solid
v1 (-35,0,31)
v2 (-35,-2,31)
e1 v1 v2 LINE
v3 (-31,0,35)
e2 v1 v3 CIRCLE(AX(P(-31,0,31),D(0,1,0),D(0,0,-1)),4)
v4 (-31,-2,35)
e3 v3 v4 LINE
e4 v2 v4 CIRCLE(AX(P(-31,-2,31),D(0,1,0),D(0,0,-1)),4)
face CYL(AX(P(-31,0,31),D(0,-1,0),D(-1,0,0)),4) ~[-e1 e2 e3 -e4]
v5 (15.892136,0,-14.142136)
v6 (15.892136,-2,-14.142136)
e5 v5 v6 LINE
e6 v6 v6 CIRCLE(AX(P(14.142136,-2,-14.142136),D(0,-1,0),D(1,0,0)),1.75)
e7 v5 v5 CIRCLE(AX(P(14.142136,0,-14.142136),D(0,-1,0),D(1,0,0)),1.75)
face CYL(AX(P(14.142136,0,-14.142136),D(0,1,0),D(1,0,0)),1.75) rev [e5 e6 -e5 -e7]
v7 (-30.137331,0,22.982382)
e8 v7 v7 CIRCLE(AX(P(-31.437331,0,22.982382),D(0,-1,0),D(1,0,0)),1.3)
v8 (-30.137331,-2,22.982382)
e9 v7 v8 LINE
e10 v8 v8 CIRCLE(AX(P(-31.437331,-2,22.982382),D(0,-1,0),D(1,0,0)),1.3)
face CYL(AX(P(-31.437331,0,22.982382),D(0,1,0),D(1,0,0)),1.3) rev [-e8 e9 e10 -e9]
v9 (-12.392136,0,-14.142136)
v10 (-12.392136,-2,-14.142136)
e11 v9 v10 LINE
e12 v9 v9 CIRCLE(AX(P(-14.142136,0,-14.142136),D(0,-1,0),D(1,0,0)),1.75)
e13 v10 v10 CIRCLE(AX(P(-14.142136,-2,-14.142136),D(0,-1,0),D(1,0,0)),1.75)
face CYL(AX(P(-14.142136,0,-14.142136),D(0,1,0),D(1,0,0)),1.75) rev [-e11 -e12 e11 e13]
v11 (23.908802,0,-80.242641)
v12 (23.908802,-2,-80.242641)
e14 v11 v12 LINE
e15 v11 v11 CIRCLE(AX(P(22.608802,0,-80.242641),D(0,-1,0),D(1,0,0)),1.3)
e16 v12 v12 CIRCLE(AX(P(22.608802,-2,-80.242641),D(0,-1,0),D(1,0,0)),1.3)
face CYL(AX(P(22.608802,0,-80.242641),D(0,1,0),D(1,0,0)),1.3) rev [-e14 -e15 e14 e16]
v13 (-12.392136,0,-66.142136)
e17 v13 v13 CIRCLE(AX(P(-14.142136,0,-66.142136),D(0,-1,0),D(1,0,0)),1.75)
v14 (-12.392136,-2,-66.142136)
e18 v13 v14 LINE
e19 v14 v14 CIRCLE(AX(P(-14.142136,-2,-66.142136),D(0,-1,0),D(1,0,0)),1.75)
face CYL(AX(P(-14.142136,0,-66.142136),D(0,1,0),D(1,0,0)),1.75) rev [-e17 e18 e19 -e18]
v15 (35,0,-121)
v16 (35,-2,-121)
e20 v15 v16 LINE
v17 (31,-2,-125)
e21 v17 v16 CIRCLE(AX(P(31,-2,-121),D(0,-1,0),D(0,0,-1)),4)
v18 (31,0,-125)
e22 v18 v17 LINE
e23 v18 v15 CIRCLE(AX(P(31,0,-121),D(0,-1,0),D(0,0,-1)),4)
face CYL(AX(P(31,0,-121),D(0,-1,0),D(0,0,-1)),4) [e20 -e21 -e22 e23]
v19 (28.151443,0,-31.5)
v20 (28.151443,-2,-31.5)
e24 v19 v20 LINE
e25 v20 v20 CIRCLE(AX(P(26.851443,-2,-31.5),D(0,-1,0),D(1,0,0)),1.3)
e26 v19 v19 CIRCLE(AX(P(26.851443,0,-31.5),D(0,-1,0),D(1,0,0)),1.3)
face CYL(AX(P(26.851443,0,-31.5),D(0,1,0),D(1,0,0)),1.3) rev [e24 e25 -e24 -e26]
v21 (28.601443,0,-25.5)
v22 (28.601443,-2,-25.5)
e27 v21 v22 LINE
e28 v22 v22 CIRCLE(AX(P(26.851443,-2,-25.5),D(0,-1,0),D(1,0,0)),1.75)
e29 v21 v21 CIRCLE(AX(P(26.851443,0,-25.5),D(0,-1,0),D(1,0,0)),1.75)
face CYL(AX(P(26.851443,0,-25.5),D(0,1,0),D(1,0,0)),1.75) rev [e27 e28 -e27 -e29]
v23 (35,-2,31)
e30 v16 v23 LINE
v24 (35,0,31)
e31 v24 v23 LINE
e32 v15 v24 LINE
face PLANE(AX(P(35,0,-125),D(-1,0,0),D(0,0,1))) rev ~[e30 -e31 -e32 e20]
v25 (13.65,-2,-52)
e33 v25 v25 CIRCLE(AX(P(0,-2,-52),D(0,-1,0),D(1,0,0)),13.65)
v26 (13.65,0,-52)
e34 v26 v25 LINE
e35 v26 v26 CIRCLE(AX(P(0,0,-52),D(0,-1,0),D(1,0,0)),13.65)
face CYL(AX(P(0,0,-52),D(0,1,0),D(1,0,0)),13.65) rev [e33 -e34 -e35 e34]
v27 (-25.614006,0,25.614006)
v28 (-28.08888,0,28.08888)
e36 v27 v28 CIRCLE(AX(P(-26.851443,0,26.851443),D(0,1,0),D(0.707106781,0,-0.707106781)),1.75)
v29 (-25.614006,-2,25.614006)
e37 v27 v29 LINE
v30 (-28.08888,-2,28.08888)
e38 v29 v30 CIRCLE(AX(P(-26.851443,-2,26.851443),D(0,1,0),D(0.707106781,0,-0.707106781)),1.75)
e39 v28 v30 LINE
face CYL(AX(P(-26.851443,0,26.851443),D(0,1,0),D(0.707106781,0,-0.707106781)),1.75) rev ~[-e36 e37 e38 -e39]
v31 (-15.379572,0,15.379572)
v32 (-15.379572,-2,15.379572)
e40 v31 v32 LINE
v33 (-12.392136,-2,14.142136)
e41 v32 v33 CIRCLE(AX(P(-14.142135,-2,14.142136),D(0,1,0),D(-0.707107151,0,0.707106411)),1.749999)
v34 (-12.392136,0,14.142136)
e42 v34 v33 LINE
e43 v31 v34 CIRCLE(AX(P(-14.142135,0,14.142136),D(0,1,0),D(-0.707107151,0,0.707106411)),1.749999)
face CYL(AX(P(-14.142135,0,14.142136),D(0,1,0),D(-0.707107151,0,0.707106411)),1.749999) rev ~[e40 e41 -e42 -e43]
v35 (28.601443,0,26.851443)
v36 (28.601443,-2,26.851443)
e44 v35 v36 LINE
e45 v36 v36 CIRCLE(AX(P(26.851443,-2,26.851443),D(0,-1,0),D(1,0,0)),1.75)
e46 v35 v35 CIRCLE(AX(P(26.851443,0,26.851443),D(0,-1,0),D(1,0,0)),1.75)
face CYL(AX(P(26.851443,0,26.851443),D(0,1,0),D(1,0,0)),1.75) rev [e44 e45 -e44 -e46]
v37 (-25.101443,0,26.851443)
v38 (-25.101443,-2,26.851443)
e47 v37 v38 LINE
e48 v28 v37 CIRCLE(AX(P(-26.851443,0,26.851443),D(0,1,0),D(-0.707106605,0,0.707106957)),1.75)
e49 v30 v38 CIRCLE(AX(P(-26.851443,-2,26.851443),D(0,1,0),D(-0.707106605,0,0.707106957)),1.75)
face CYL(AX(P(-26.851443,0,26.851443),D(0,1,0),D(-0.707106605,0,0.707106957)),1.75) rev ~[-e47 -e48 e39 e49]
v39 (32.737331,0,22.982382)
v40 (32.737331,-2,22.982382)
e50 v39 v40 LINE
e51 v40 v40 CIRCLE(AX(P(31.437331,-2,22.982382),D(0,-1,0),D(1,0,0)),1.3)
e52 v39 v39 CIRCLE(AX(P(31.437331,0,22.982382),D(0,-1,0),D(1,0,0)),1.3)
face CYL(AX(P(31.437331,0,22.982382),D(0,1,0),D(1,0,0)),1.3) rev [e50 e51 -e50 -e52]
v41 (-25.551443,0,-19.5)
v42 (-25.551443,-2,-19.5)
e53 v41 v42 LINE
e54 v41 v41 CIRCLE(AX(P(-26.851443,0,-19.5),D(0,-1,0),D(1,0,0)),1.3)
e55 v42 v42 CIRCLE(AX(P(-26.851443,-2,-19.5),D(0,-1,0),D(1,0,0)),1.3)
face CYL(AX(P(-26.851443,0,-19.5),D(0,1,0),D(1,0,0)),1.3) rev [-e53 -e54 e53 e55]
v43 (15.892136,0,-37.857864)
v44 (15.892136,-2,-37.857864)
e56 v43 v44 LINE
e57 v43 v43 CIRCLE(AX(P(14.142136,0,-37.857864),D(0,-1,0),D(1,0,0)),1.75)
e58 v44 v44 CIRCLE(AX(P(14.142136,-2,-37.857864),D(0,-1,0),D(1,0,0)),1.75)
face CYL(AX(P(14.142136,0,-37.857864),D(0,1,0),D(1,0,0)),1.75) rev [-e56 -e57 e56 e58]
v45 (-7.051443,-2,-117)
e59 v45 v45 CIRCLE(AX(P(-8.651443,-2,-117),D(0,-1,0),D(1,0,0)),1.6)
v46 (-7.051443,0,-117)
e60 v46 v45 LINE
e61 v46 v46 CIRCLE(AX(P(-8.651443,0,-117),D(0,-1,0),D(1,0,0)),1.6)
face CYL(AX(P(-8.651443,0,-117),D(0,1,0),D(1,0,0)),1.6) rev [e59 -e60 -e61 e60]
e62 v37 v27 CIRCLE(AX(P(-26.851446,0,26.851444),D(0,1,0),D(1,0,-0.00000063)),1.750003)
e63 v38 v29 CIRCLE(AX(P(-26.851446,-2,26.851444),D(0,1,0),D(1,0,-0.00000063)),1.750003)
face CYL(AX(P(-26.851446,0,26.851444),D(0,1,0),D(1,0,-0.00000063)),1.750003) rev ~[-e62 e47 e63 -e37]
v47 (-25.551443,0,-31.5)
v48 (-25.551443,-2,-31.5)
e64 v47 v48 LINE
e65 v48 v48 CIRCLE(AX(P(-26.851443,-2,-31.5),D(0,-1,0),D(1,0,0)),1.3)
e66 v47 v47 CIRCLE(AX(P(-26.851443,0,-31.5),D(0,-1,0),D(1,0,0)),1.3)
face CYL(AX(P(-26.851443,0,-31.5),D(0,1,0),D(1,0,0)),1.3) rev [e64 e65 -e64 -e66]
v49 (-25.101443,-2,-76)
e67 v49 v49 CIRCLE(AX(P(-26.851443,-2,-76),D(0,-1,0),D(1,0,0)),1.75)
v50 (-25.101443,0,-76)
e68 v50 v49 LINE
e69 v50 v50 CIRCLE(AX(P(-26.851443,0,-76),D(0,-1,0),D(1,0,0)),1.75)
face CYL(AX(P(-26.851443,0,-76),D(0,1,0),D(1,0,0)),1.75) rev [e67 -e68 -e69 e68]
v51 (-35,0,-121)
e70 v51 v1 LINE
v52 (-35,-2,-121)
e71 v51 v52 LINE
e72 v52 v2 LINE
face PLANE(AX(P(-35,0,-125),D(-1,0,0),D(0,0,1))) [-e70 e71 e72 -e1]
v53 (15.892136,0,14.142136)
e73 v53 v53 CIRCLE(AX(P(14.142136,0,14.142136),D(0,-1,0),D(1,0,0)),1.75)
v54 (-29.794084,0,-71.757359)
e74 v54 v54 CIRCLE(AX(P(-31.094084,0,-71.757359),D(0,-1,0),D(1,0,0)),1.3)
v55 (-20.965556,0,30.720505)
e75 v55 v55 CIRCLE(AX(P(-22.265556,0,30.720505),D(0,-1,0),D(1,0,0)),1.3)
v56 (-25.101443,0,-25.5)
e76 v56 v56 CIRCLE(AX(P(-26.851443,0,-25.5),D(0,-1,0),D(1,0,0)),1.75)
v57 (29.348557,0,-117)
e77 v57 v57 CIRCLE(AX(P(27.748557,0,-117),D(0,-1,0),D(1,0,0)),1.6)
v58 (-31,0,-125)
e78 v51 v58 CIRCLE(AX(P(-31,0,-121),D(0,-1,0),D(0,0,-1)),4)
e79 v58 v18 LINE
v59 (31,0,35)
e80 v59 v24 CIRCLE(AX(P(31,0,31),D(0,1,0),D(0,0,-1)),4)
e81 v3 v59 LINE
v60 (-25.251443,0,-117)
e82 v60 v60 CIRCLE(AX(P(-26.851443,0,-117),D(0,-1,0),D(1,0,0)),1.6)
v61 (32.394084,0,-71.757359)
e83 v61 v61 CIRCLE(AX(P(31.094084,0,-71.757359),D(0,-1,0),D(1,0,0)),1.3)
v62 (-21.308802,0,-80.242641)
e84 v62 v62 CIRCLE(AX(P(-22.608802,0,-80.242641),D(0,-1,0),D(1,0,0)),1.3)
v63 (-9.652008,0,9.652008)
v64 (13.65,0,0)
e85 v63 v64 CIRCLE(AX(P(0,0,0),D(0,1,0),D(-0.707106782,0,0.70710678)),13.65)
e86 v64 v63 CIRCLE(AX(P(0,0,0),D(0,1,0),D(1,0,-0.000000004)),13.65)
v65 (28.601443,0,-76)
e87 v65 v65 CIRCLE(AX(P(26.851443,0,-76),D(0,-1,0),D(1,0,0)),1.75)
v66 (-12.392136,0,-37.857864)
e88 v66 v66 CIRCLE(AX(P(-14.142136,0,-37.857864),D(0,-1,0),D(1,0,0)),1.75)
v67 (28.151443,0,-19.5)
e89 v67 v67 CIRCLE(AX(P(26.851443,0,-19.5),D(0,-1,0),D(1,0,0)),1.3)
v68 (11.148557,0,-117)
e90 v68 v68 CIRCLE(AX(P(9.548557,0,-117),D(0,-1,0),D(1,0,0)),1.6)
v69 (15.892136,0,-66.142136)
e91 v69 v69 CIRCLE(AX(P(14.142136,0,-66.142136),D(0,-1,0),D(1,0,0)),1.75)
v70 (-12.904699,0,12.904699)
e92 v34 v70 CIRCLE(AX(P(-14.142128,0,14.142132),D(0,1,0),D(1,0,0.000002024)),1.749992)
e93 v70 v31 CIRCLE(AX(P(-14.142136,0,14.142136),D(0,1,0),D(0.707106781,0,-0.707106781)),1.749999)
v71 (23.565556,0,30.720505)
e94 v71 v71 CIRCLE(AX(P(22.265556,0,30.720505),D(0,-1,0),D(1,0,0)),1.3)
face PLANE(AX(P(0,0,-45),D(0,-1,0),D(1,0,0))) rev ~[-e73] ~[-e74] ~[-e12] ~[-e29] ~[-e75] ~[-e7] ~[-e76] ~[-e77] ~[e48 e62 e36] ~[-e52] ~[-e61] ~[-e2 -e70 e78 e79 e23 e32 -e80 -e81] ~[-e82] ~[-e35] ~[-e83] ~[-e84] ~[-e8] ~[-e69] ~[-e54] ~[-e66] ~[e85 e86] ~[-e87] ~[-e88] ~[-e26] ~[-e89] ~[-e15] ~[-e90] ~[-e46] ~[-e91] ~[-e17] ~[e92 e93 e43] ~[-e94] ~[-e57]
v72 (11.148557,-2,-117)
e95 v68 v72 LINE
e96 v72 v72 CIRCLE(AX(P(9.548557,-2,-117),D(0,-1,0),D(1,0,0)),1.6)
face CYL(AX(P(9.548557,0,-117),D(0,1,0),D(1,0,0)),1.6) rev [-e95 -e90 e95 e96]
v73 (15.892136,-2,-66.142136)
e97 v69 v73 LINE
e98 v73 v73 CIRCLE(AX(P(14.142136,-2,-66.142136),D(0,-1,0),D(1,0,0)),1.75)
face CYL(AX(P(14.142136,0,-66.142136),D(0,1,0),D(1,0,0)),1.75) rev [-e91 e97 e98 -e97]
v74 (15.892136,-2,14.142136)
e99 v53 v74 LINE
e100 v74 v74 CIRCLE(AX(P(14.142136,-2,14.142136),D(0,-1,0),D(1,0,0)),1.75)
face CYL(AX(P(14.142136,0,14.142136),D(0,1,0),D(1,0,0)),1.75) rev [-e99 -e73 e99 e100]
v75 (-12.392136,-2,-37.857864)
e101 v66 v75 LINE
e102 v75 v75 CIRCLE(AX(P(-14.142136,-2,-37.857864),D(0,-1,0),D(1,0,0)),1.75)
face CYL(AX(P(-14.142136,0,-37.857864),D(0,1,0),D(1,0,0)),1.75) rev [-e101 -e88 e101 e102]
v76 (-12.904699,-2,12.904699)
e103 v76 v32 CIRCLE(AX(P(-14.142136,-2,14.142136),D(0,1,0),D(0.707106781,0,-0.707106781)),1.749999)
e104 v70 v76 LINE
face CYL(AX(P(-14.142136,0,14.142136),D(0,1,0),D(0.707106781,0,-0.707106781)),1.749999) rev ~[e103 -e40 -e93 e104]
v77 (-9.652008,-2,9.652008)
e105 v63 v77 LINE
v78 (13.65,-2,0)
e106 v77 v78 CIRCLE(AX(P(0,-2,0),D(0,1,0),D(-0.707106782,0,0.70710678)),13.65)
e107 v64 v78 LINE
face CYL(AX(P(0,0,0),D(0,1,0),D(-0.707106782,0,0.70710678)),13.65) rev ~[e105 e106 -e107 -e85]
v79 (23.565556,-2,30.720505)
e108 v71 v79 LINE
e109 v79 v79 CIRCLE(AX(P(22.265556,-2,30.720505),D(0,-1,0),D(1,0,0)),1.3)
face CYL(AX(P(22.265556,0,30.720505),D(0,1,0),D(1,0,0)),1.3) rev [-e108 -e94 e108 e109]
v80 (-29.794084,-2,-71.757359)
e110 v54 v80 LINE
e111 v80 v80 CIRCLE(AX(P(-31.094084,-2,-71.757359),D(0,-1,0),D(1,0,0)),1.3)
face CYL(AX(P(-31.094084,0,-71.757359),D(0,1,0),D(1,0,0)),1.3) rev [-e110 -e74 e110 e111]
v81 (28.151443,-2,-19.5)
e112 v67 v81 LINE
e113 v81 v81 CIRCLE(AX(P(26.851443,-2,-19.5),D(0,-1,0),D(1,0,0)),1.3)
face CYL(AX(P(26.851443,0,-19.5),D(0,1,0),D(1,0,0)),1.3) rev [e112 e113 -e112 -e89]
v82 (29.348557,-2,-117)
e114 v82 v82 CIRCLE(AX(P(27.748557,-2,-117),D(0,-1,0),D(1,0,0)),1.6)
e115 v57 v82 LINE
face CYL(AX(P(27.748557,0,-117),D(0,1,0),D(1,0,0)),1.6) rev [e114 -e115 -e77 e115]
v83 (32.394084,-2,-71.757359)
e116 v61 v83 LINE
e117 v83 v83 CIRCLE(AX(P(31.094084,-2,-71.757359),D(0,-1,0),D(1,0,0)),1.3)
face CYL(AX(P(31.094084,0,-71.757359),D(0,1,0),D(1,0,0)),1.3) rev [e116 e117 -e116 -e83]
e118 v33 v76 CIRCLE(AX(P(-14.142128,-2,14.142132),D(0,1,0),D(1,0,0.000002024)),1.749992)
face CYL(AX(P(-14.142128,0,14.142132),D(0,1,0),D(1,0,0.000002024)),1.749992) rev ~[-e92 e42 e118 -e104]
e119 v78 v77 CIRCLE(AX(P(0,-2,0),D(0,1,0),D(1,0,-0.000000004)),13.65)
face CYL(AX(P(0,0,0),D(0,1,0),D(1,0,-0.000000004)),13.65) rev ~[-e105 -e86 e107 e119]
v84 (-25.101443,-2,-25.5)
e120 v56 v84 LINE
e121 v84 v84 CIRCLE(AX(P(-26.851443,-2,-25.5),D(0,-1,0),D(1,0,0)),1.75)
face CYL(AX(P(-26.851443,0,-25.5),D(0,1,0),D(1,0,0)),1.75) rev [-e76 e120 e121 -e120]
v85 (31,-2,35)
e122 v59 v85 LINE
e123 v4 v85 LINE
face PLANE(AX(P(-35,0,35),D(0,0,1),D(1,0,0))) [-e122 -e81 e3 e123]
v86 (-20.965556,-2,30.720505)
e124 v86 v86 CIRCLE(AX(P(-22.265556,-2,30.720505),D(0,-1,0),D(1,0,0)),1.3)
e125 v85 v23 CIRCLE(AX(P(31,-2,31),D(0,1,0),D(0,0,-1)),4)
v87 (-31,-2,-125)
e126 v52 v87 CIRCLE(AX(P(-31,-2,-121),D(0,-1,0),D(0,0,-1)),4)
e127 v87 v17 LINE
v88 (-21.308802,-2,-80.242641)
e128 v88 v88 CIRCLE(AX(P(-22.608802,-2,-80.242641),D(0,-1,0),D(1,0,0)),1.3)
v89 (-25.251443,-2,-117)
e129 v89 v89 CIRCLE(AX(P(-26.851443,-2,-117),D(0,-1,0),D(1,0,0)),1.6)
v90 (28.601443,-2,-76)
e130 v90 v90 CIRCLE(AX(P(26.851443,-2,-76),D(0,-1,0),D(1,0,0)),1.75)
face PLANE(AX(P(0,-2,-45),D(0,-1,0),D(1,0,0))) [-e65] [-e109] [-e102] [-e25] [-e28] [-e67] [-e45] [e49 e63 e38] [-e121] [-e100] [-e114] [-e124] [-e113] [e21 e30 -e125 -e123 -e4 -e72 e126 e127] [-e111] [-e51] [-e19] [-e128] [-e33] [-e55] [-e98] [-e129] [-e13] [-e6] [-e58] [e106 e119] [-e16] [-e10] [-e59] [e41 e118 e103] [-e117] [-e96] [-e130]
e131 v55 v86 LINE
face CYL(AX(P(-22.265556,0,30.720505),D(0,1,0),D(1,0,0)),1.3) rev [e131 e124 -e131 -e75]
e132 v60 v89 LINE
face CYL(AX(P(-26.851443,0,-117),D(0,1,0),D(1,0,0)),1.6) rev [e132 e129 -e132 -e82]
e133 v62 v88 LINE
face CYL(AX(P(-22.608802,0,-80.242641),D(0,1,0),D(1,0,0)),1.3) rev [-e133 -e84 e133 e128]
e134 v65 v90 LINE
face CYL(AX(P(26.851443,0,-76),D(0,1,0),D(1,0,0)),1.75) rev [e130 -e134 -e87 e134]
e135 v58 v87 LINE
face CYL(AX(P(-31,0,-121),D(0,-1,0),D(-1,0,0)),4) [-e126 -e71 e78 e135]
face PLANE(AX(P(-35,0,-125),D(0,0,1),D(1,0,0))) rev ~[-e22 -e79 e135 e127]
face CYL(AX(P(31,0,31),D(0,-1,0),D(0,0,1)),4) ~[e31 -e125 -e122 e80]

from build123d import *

# Parameters (mm, degrees)
F0_W     = 70
F0_H     = 160
F0_R     = 1.6
F0_R_2   = 1.75
F0_R_3   = 1.3
F0_R_4   = 13.65
F1_DEPTH = 2
F2_R     = 4


with BuildPart() as f1:
    # F0 (on Front) → F1 (new body)
    with BuildSketch(Plane.XZ):
        with Locations((0, -45)):
            Rectangle(F0_W, F0_H)
        with Locations((-26.851443, -117)):
            Circle(F0_R, mode=Mode.SUBTRACT)
        with Locations((-8.651443, -117)):
            Circle(F0_R, mode=Mode.SUBTRACT)
        with Locations((-26.851443, -76)):
            Circle(F0_R_2, mode=Mode.SUBTRACT)
        with Locations((-31.094084, -71.757359)):
            Circle(F0_R_3, mode=Mode.SUBTRACT)
        with Locations((-22.608802, -80.242641)):
            Circle(F0_R_3, mode=Mode.SUBTRACT)
        with Locations((-14.142136, -66.142136)):
            Circle(F0_R_2, mode=Mode.SUBTRACT)
        with Locations((9.548557, -117)):
            Circle(F0_R, mode=Mode.SUBTRACT)
        with Locations((27.748557, -117)):
            Circle(F0_R, mode=Mode.SUBTRACT)
        with Locations((14.142136, -66.142136)):
            Circle(F0_R_2, mode=Mode.SUBTRACT)
        with Locations((0, -52)):
            Circle(F0_R_4, mode=Mode.SUBTRACT)
        with Locations((22.608802, -80.242641)):
            Circle(F0_R_3, mode=Mode.SUBTRACT)
        with Locations((26.851443, -76)):
            Circle(F0_R_2, mode=Mode.SUBTRACT)
        with Locations((31.094084, -71.757359)):
            Circle(F0_R_3, mode=Mode.SUBTRACT)
        with Locations((-26.851443, -31.5)):
            Circle(F0_R_3, mode=Mode.SUBTRACT)
        with Locations((-26.851443, -25.5)):
            Circle(F0_R_2, mode=Mode.SUBTRACT)
        with Locations((-26.851443, -19.5)):
            Circle(F0_R_3, mode=Mode.SUBTRACT)
        with Locations((-14.142136, -37.857864)):
            Circle(F0_R_2, mode=Mode.SUBTRACT)
        with Locations((-14.142136, -14.142136)):
            Circle(F0_R_2, mode=Mode.SUBTRACT)
        with Locations((-31.437331, 22.982382)):
            Circle(F0_R_3, mode=Mode.SUBTRACT)
        with BuildLine():
            ThreePointArc((-25.101443, 26.851443), (-25.234654, 26.181747), (-25.614006, 25.614006))
            ThreePointArc((-25.614006, 25.614006), (-28.08888, 25.614006), (-28.08888, 28.08888))
            ThreePointArc((-28.08888, 28.08888), (-26.181747, 28.468232), (-25.101443, 26.851443))
        make_face(mode=Mode.SUBTRACT)
        with Locations((-22.265556, 30.720505)):
            Circle(F0_R_3, mode=Mode.SUBTRACT)
        with BuildLine():
            ThreePointArc((-12.392136, 14.142136), (-12.525346, 13.47244), (-12.904699, 12.904699))
            ThreePointArc((-12.904699, 12.904699), (-15.379572, 12.904699), (-15.379572, 15.379572))
            ThreePointArc((-15.379572, 15.379572), (-13.47244, 15.758925), (-12.392136, 14.142136))
        make_face(mode=Mode.SUBTRACT)
        with Locations((14.142136, -37.857864)):
            Circle(F0_R_2, mode=Mode.SUBTRACT)
        with Locations((14.142136, -14.142136)):
            Circle(F0_R_2, mode=Mode.SUBTRACT)
        with Locations((26.851443, -31.5)):
            Circle(F0_R_3, mode=Mode.SUBTRACT)
        with Locations((26.851443, -25.5)):
            Circle(F0_R_2, mode=Mode.SUBTRACT)
        with Locations((26.851443, -19.5)):
            Circle(F0_R_3, mode=Mode.SUBTRACT)
        with BuildLine():
            ThreePointArc((-9.652008, 9.652008), (5.223629, 12.610956), (13.65, 0))
            ThreePointArc((13.65, 0), (-5.223629, -12.610956), (-9.652008, 9.652008))
        make_face(mode=Mode.SUBTRACT)
        with Locations((14.142136, 14.142136)):
            Circle(F0_R_2, mode=Mode.SUBTRACT)
        with Locations((22.265556, 30.720505)):
            Circle(F0_R_3, mode=Mode.SUBTRACT)
        with Locations((31.437331, 22.982382)):
            Circle(F0_R_3, mode=Mode.SUBTRACT)
        with Locations((26.851443, 26.851443)):
            Circle(F0_R_2, mode=Mode.SUBTRACT)
    extrude(amount=F1_DEPTH)

    # F2
    f2_edges = [f1.edges().sort_by_distance(p)[0] for p in [
        (35, -1, 35),
        (35, -1, -125),
        (-35, -1, 35),
        (-35, -1, -125),
    ]]
    fillet(f2_edges, radius=F2_R)


solid = f1.part
